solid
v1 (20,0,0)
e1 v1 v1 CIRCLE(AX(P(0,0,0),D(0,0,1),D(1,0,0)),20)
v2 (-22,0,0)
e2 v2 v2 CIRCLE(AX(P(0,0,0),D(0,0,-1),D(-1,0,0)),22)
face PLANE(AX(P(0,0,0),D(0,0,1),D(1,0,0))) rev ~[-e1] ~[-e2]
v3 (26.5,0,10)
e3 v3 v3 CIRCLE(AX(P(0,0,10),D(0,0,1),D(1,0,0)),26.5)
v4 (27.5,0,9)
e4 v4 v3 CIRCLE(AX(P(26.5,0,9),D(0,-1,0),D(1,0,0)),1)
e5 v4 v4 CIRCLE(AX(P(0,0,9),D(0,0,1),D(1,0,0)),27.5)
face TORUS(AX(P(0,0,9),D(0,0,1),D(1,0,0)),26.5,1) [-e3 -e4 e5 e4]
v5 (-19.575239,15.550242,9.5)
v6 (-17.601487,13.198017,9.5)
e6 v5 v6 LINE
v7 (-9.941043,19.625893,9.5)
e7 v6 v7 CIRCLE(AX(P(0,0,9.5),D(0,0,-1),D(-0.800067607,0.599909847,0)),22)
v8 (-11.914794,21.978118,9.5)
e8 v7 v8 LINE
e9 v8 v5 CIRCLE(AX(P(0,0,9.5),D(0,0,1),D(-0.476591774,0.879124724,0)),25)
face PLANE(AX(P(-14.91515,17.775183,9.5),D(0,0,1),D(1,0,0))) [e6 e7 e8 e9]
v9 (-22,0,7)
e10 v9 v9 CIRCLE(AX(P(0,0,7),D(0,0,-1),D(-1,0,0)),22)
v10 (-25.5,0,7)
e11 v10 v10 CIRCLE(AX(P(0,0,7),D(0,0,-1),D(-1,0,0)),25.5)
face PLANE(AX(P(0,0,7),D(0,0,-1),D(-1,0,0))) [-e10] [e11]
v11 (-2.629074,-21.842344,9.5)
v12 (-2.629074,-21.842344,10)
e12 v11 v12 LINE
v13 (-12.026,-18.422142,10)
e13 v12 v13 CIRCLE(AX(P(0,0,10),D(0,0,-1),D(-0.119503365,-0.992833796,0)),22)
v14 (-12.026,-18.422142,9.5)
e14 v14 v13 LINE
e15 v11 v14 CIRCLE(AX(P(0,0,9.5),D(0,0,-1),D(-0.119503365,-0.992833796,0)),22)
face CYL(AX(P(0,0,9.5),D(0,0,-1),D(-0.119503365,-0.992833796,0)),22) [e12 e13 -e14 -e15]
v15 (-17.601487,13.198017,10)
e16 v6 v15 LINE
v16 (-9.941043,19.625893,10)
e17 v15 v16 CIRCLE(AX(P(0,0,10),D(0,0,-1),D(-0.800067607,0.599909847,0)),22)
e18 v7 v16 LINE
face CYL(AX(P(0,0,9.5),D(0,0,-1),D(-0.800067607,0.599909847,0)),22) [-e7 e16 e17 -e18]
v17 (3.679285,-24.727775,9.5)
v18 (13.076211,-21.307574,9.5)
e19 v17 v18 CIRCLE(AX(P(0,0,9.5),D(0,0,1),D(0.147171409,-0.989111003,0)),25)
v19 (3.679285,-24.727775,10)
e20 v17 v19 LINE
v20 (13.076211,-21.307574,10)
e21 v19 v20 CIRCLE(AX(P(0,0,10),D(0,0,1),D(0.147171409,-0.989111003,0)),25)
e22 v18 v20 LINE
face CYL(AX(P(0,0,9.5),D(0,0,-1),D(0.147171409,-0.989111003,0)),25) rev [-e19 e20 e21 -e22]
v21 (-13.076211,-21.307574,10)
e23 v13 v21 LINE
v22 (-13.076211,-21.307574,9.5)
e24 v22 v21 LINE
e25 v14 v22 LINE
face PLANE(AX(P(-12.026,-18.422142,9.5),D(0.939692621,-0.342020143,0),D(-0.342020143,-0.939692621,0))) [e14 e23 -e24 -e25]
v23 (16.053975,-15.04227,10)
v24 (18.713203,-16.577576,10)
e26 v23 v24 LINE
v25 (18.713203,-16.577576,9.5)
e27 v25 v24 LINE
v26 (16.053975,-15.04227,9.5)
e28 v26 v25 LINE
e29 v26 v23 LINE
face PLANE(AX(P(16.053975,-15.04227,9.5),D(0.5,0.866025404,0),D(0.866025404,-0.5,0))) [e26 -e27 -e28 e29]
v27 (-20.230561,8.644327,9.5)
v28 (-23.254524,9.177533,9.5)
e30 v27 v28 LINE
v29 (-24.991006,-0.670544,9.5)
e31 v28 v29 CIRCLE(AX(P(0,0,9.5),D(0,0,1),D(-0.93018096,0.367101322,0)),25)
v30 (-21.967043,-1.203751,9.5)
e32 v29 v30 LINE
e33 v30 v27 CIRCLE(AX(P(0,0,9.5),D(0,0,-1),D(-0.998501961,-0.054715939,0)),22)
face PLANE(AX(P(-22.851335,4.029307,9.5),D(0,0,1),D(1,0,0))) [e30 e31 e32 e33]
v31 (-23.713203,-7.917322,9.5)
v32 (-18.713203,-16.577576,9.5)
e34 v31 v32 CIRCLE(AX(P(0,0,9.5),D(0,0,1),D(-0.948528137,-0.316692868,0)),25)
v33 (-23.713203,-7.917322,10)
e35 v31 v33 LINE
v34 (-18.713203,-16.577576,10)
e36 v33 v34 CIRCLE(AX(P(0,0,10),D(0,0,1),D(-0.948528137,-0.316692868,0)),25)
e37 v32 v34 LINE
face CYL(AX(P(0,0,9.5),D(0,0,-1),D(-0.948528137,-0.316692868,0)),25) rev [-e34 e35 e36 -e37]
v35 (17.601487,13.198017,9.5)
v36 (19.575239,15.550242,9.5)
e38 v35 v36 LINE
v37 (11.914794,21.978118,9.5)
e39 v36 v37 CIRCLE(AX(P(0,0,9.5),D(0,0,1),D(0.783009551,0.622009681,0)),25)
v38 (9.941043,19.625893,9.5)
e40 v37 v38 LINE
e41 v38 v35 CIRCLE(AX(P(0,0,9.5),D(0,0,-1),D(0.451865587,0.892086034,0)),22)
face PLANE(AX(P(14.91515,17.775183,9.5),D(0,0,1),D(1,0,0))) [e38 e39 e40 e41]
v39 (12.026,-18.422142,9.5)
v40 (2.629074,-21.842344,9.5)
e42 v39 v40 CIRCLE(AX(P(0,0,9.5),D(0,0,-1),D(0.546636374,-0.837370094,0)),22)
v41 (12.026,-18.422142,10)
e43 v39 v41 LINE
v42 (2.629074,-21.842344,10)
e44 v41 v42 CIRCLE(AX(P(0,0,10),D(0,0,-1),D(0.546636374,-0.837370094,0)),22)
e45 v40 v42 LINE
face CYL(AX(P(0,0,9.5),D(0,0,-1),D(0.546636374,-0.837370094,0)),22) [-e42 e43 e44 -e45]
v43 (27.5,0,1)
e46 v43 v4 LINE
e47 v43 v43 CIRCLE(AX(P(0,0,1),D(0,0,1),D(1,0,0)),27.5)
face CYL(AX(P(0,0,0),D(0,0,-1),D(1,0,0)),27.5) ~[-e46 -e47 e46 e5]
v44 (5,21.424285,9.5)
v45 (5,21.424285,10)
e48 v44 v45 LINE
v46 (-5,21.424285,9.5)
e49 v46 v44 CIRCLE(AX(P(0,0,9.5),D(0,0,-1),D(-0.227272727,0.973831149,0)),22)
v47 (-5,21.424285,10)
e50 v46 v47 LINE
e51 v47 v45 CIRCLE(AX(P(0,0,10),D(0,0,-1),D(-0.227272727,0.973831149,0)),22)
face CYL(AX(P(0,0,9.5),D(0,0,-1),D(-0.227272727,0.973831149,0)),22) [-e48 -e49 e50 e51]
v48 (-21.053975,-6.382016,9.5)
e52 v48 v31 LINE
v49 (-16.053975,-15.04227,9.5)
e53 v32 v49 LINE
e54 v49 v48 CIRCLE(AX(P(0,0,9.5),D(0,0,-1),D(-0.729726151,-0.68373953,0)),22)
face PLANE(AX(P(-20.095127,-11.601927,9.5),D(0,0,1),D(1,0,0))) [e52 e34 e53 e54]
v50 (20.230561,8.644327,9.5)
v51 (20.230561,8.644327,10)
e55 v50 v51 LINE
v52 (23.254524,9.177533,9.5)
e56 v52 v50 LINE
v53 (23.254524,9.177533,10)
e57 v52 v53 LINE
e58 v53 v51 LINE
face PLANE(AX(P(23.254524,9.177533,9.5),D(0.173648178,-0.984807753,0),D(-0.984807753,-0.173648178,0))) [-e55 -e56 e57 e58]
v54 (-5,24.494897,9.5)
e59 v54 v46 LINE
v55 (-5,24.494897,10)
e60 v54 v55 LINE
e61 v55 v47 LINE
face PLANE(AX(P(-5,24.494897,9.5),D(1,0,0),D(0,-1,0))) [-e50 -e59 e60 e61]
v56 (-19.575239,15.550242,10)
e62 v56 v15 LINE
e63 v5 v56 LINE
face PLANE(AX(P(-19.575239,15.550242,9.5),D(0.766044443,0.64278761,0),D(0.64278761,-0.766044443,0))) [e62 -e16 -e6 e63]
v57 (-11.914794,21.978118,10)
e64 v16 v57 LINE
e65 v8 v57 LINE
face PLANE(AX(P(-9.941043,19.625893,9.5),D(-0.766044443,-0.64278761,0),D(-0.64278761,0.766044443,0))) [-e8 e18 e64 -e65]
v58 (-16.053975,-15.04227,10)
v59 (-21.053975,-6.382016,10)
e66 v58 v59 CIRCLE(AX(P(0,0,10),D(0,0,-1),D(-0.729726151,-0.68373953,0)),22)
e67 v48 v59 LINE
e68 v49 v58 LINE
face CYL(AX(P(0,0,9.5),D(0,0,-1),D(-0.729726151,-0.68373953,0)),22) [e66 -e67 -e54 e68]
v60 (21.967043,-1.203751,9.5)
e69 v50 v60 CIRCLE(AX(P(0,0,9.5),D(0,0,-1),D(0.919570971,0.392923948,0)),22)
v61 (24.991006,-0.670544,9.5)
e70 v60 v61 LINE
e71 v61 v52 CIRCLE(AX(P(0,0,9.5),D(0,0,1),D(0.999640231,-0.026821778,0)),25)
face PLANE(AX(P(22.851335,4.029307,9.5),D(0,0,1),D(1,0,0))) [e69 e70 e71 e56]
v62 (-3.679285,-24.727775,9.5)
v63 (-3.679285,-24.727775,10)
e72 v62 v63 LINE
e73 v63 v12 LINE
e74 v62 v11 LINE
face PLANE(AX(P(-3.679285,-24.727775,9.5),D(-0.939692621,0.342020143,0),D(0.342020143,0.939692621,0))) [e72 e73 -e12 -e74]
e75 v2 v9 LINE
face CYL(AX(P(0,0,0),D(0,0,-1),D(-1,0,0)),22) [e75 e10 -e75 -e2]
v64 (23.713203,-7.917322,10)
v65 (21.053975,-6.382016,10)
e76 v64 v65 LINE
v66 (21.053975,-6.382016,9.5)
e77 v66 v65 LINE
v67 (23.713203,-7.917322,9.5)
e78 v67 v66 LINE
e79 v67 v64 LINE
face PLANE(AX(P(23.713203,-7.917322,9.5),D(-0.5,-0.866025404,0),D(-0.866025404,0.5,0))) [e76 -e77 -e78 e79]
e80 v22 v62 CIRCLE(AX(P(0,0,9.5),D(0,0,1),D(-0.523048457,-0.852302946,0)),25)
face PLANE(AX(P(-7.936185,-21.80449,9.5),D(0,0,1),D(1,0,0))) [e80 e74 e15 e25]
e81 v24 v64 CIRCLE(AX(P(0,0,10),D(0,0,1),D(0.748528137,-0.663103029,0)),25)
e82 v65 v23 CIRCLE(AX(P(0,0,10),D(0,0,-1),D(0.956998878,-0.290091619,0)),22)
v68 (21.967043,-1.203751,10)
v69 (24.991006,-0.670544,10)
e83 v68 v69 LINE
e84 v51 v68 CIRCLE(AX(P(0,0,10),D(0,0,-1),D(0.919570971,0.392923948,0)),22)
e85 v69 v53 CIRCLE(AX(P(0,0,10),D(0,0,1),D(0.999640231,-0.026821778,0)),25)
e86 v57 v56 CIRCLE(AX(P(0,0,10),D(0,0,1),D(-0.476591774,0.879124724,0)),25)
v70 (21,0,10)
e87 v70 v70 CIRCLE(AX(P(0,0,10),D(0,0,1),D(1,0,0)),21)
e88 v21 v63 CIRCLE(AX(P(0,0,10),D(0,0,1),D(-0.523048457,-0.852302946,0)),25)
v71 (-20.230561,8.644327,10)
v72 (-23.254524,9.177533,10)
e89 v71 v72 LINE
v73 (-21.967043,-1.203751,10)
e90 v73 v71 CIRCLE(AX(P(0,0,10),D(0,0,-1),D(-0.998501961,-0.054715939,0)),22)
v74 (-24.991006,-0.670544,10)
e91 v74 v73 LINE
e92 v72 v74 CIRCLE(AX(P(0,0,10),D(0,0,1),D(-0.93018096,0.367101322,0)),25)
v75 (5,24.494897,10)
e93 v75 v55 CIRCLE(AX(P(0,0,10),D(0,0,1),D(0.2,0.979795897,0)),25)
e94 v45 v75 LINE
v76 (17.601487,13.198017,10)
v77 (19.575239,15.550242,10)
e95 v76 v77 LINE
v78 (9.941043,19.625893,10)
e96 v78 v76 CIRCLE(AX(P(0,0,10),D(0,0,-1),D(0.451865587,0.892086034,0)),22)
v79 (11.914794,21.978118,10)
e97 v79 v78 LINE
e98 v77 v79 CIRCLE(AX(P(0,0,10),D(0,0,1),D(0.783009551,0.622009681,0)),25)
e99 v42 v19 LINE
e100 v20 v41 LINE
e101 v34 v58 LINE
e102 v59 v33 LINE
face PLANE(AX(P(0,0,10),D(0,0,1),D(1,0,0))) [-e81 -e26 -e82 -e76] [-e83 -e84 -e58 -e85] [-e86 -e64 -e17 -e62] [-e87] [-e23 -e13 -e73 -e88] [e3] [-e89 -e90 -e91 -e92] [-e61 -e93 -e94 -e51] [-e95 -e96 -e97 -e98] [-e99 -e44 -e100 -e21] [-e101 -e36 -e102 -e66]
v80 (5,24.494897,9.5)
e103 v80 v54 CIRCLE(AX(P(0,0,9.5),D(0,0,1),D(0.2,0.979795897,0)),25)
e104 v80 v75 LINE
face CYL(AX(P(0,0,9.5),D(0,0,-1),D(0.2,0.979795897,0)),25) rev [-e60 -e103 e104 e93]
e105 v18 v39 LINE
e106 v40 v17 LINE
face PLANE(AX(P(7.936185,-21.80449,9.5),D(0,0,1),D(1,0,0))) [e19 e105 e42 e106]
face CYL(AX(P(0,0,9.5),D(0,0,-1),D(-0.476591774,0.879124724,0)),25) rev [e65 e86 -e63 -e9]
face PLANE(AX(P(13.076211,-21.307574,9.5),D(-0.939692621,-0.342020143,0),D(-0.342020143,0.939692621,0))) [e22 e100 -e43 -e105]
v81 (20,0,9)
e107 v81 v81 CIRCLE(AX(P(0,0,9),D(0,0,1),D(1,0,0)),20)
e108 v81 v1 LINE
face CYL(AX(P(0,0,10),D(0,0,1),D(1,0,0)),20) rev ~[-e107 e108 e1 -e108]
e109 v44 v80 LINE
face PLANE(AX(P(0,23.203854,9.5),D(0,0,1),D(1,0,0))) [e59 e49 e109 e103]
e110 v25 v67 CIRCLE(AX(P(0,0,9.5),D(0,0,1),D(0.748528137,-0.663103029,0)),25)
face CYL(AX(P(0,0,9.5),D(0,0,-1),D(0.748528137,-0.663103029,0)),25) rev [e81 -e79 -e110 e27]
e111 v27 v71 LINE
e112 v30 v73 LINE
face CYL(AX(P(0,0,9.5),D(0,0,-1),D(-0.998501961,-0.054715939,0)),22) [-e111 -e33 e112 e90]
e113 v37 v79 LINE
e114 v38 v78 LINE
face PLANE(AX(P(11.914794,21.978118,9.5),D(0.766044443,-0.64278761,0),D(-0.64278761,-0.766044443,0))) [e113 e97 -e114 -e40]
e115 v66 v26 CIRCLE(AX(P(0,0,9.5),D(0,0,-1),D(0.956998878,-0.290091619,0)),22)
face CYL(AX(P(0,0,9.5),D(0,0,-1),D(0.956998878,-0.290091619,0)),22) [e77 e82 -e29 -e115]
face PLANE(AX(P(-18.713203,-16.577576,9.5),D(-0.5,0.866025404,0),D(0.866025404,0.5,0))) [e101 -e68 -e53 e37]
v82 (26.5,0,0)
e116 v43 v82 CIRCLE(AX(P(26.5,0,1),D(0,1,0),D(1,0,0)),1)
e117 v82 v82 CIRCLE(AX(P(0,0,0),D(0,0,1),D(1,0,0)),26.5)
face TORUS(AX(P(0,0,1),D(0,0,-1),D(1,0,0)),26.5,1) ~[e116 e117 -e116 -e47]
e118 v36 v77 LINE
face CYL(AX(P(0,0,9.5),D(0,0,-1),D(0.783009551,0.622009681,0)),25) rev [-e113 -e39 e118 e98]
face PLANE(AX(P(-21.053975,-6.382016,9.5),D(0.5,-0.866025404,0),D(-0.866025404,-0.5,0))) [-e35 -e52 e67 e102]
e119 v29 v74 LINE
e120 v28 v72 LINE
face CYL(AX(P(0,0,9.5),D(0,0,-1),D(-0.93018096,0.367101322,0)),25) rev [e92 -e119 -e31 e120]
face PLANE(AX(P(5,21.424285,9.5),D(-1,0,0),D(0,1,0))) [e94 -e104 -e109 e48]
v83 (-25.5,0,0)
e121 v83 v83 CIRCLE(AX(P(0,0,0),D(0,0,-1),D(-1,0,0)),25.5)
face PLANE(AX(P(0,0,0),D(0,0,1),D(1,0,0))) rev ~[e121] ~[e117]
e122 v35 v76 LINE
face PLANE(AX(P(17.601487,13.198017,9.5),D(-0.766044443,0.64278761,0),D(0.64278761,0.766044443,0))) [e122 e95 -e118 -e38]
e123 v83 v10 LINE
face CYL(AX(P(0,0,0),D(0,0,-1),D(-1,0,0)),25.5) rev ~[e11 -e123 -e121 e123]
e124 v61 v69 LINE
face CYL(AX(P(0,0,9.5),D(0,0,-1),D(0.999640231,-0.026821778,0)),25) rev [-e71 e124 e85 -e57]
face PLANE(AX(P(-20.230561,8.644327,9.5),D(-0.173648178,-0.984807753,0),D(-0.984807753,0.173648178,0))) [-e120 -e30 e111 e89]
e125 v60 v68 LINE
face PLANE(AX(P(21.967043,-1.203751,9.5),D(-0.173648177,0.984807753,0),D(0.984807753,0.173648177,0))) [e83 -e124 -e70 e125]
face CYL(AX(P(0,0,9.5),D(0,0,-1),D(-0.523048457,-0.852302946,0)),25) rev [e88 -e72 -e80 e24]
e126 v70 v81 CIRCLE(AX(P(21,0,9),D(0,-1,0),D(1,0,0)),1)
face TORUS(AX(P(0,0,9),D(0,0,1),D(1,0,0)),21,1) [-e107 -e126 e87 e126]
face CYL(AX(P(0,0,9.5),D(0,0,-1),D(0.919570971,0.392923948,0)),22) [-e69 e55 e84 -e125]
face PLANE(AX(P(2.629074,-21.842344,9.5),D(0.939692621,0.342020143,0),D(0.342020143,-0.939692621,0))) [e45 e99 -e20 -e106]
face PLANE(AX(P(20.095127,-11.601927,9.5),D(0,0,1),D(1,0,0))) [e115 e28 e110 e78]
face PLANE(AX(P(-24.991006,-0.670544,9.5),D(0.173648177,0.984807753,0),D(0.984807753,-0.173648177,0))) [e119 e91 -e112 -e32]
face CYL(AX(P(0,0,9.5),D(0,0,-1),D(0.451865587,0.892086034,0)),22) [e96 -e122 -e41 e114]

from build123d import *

# Parameters (mm, degrees)
SKETCH_1_R          = 27.5
EXTRUDE_1_DEPTH     = 10
SKETCH_2_R          = 20
CUT_EXTRUDE_1_DEPTH = 20
SKETCH_3_R          = 25.5
SKETCH_3_R_2        = 22
CUT_EXTRUDE_2_DEPTH = 7
FILLET_1_R          = 1
CUT_EXTRUDE_START   = -0.5
CUT_EXTRUDE_3_DEPTH = 0.5
FILLET_2_R          = 1


with BuildPart() as part:
    # 草图1 → 拉伸1 (new body)
    with BuildSketch(Plane.XY):
        Circle(SKETCH_1_R)
    extrude(amount=EXTRUDE_1_DEPTH)

    # 草图2 → 切除-拉伸1 (cut)
    with BuildSketch(Plane.XY.offset(10)):
        Circle(SKETCH_2_R)
    extrude(amount=-CUT_EXTRUDE_1_DEPTH, mode=Mode.SUBTRACT)

    # 草图3 → 切除-拉伸2 (cut)
    with BuildSketch(Plane(origin=(0, 0, 0), x_dir=(-1, 0, 0), z_dir=(0, 0, -1))):
        Circle(SKETCH_3_R)
        Circle(SKETCH_3_R_2, mode=Mode.SUBTRACT)
    extrude(amount=-CUT_EXTRUDE_2_DEPTH, mode=Mode.SUBTRACT)

    # 圆角1
    fillet_1_edges = [part.edges().sort_by_distance(p)[0] for p in [
        (-27.5, 0, 0),
        (-27.5, 0, 10),
    ]]
    fillet(fillet_1_edges, radius=FILLET_1_R)

    # 草图4 → 切除-拉伸3 (cut)
    with BuildSketch(Plane.XY.offset(10).offset(CUT_EXTRUDE_START)):
        with BuildLine():
            Line((17.601487344, 13.198016642), (19.575238783, 15.550242011))
            ThreePointArc((19.575238783, 15.550242011), (16.069690242, 19.151111078), (11.914794352, 21.978118108))
            Line((11.914794352, 21.978118108), (9.941042912, 19.625892739))
            ThreePointArc((9.941042912, 19.625892739), (14.141327413, 16.852977749), (17.601487344, 13.198016642))
        make_face()
        with BuildLine():
            Line((5, 21.424285286), (5, 24.494897428))
            ThreePointArc((5, 24.494897428), (0, 25), (-5, 24.494897428))
            Line((-5, 24.494897428), (-5, 21.424285286))
            ThreePointArc((-5, 21.424285286), (0, 22), (5, 21.424285286))
        make_face()
        with BuildLine():
            Line((21.96704314, -1.203750667), (24.991005785, -0.670544465))
            ThreePointArc((24.991005785, -0.670544465), (24.620193825, 4.341204442), (23.254524008, 9.177533066))
            Line((23.254524008, 9.177533066), (20.230561364, 8.644326863))
            ThreePointArc((20.230561364, 8.644326863), (21.665770566, 3.820259909), (21.96704314, -1.203750667))
        make_face()
        with BuildLine():
            Line((16.053975315, -15.042269662), (18.713203436, -16.577575733))
            ThreePointArc((18.713203436, -16.577575733), (21.650635095, -12.5), (23.713203436, -7.917321695))
            Line((23.713203436, -7.917321695), (21.053975315, -6.382015624))
            ThreePointArc((21.053975315, -6.382015624), (19.052558883, -11), (16.053975315, -15.042269662))
        make_face()
        with BuildLine():
            Line((2.62907402, -21.842343505), (3.679285225, -24.727775076))
            ThreePointArc((3.679285225, -24.727775076), (8.550503583, -23.49231552), (13.076211433, -21.307573643))
            Line((13.076211433, -21.307573643), (12.026000228, -18.422142072))
            ThreePointArc((12.026000228, -18.422142072), (7.524443153, -20.673237657), (2.62907402, -21.842343505))
        make_face()
        with BuildLine():
            Line((-12.026000228, -18.422142072), (-13.076211433, -21.307573643))
            ThreePointArc((-13.076211433, -21.307573643), (-8.550503583, -23.49231552), (-3.679285225, -24.727775076))
            Line((-3.679285225, -24.727775076), (-2.62907402, -21.842343505))
            ThreePointArc((-2.62907402, -21.842343505), (-7.524443153, -20.673237657), (-12.026000228, -18.422142072))
        make_face()
        with BuildLine():
            Line((-21.053975315, -6.382015624), (-23.713203436, -7.917321695))
            ThreePointArc((-23.713203436, -7.917321695), (-21.650635095, -12.5), (-18.713203436, -16.577575733))
            Line((-18.713203436, -16.577575733), (-16.053975315, -15.042269662))
            ThreePointArc((-16.053975315, -15.042269662), (-19.052558883, -11), (-21.053975315, -6.382015624))
        make_face()
        with BuildLine():
            Line((-20.230561364, 8.644326863), (-23.254524008, 9.177533066))
            ThreePointArc((-23.254524008, 9.177533066), (-24.620193825, 4.341204442), (-24.991005785, -0.670544465))
            Line((-24.991005785, -0.670544465), (-21.96704314, -1.203750667))
            ThreePointArc((-21.96704314, -1.203750667), (-21.665770566, 3.820259909), (-20.230561364, 8.644326863))
        make_face()
        with BuildLine():
            Line((-9.941042912, 19.625892739), (-11.914794352, 21.978118108))
            ThreePointArc((-11.914794352, 21.978118108), (-16.069690242, 19.151111078), (-19.575238783, 15.550242011))
            Line((-19.575238783, 15.550242011), (-17.601487344, 13.198016642))
            ThreePointArc((-17.601487344, 13.198016642), (-14.141327413, 16.852977749), (-9.941042912, 19.625892739))
        make_face()
    extrude(amount=CUT_EXTRUDE_3_DEPTH, mode=Mode.SUBTRACT)

    # 圆角2
    fillet_2_edges = [part.edges().sort_by_distance(p)[0] for p in [
        (-20, 0, 10),
    ]]
    fillet(fillet_2_edges, radius=FILLET_2_R)


solid = part.part
